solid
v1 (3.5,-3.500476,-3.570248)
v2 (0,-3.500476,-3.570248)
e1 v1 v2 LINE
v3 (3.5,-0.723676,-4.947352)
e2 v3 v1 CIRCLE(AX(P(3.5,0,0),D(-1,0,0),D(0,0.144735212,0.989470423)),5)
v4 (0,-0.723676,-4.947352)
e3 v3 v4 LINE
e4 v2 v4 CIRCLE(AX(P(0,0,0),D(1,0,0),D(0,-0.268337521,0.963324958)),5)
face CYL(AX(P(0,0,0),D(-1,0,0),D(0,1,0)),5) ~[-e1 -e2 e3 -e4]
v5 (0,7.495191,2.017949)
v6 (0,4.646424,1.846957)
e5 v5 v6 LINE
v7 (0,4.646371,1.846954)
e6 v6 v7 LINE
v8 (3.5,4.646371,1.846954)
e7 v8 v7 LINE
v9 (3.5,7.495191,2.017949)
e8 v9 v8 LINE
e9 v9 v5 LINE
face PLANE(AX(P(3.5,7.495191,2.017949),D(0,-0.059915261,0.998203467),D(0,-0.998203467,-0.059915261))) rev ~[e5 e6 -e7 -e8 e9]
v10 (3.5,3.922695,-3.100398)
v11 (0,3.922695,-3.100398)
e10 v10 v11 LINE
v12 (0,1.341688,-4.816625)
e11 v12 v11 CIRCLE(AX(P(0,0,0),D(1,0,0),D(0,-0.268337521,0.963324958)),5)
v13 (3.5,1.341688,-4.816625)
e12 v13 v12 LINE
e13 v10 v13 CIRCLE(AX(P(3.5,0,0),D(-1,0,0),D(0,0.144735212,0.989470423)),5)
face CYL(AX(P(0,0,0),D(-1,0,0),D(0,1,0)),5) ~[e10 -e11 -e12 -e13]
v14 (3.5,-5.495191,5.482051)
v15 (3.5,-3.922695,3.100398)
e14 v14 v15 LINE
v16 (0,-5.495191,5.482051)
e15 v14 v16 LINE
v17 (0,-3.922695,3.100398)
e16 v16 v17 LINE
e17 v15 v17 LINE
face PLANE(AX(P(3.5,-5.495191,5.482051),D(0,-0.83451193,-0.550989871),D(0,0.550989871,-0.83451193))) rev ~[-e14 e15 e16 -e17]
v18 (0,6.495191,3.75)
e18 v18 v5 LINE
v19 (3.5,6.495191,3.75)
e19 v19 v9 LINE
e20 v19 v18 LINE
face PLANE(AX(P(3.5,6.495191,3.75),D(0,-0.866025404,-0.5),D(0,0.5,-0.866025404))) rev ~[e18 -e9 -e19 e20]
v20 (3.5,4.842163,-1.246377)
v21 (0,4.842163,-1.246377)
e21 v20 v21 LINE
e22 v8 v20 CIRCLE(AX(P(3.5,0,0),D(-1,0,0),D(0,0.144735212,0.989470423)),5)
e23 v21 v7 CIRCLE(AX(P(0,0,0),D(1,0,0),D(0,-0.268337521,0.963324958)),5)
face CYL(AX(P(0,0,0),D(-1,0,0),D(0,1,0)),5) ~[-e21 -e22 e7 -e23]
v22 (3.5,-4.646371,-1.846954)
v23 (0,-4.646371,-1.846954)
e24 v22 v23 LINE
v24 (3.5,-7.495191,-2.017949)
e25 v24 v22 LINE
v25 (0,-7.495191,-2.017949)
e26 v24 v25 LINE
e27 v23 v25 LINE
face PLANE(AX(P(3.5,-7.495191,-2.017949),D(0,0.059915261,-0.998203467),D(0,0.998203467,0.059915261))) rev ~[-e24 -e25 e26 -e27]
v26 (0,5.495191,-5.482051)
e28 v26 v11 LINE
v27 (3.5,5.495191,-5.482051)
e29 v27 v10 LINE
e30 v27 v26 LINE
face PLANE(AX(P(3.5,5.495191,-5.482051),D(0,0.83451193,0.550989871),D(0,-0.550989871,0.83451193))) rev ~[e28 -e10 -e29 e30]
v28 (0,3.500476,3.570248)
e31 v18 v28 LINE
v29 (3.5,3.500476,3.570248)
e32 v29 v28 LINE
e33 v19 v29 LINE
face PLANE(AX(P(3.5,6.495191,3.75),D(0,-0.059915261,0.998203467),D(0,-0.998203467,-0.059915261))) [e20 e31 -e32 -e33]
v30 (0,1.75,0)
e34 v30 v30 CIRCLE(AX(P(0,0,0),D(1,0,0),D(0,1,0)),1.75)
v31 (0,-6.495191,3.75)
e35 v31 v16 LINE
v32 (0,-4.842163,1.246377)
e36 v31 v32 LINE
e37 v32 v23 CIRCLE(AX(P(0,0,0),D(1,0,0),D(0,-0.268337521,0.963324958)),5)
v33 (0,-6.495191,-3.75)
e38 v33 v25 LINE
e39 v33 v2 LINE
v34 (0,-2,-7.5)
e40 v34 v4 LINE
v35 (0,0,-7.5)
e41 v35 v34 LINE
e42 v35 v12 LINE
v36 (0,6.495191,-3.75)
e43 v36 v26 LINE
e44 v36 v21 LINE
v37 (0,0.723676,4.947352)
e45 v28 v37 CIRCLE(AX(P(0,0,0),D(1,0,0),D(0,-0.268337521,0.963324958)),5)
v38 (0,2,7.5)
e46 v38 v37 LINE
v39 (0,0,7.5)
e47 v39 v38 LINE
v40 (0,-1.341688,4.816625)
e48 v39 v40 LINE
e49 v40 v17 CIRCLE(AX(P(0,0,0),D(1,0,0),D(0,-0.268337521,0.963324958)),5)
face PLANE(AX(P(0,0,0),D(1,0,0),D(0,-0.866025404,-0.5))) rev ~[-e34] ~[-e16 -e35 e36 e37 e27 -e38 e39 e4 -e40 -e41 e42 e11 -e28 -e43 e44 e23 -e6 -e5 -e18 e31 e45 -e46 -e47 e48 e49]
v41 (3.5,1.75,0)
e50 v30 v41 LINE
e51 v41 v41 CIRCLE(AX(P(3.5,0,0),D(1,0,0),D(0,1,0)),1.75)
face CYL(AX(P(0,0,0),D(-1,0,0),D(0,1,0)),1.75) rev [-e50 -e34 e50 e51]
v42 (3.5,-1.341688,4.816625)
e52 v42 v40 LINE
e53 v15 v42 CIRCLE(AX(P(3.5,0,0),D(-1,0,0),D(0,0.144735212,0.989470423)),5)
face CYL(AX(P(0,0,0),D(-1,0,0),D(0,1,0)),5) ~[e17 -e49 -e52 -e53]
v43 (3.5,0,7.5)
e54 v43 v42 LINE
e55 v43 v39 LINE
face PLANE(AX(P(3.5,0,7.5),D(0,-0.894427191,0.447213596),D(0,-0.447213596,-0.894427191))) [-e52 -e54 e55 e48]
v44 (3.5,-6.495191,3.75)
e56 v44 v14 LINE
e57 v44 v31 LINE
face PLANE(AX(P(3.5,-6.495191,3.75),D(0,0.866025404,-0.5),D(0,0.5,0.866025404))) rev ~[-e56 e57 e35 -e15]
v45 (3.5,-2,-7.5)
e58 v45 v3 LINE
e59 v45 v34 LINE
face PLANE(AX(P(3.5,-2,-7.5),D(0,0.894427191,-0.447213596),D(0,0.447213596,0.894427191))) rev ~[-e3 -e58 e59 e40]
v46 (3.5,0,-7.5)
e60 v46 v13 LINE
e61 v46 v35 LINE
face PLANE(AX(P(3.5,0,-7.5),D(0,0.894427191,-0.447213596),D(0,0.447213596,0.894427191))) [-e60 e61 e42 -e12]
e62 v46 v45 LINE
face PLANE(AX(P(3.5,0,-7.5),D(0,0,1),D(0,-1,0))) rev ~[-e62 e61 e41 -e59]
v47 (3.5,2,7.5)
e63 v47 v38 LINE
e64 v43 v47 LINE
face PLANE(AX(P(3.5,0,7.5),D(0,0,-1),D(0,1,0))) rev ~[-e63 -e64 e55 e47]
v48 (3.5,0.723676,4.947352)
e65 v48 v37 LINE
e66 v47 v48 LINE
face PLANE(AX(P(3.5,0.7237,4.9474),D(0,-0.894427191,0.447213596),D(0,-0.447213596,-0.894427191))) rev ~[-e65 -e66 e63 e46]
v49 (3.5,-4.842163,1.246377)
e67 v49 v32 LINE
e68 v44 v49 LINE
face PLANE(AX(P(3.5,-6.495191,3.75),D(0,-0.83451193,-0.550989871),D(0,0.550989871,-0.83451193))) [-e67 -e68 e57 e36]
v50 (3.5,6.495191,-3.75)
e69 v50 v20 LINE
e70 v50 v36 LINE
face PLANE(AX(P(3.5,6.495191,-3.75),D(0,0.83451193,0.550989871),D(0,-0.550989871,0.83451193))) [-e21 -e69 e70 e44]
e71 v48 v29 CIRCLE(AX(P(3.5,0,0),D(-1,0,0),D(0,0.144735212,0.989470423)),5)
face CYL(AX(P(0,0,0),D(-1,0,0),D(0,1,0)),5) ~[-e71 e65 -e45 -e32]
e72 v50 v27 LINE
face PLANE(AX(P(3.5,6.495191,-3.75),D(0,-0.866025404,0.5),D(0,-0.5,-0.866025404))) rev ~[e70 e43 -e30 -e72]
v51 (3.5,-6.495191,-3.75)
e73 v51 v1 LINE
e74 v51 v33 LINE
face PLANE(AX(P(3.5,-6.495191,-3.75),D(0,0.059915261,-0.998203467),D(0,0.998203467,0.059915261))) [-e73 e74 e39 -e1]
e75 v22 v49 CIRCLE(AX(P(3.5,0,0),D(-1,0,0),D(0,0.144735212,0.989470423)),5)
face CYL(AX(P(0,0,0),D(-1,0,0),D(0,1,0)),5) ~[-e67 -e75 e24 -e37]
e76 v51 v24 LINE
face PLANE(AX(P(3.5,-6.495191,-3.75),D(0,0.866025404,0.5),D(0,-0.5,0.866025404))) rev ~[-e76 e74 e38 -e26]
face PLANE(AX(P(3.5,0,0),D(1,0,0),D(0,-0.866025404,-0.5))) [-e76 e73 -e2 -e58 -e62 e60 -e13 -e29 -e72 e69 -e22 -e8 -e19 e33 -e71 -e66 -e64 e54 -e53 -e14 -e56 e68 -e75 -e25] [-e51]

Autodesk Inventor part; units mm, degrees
ref_plane "YZ Plane" through (0, 0, 0) normal (1, 0, 0) x (0, 1, 0)
ref_plane "XZ Plane" through (0, 0, 0) normal (0, 1, 0) x (-1, 0, 0)
ref_plane "XY Plane" through (0, 0, 0) normal (0, 0, 1) x (1, 0, 0)
sketch "Sketch1" plane through (0, 0, 0) normal (1, 0, 0) x (0, 1, 0)
  circle A0 centre (0, 0) radius 1.75
  circle A1 centre (0, 0) radius 5
  dimension "d0" = 3.5
  dimension "d1" = 10
extrude "Extrusion1" add sketch "Sketch1" along normal blind 3.5
sketch "Sketch2" plane through (3.5, 0, 0) normal (1, 0, 0) x (0, 0, -1)
  circle A0 centre (0, 0) radius 5 construction
  line L0 (0, 5) -> (0, 4.5) construction
  line L1 (0, 4.5) -> (1, 4.5) construction
  line L2 (1, 4.5) -> (-1, 4.5) construction
  line L3 (0, 4.5) -> (0, 7.5) construction
  arc A1 (0, 7.5) -> (-1, 4.5) centre (2.4623, 5.0126) ccw
  line L4 (0, 7.5) -> (2, 7.5)
  dimension "d4" = 0.5
  dimension "d5" = 1
  dimension "d6" = 2
  dimension "d7" = 3
  dimension "d8" = 3.5
  dimension "d9" = 2
sketch "Sketch3" plane through (3.5, 0, 0) normal (1, 0, 0) x (0, 0, -1)
  circle A0 centre (0, 0) radius 5 construction
  line L0 (-5, 0) -> (-4.5, 0) construction
  line L1 (-4.5, 0) -> (-4.5, 1.5) construction
  line L2 (-4.5, 1.5) -> (-4.5, 0) construction
  line L3 (-4.5, 0) -> (-4.5, -1.5) construction
  line L4 (-5, 0) -> (-7.5, 0) construction
  line L5 (-7.5, 0) -> (-4.5, -1.5)
  line L6 (-7.5, 0) -> (-7.5, 2)
  line L7 (-7.5, 2) -> (-4.9474, 0.7237)
  line L8 (-4.5, -1.5) -> (-4.5, 0.5)
  line L9 (-4.9474, 0.7237) -> (-4.5, 0.5)
  dimension "d10" = 0.5
  dimension "d11" = 1.5
  dimension "d12" = 1.5
  dimension "d13" = 1.5
  dimension "d14" = 2.5
  dimension "d15" = 2
extrude "Extrusion2" add sketch "Sketch3" against normal blind 3.5
pattern_circular "Circular Pattern1" count 6 over 360 about axis through (0, 0, 0) along (1, 0, 0) of "Extrusion2"
properties part number "mtv_gear6_1-16"
